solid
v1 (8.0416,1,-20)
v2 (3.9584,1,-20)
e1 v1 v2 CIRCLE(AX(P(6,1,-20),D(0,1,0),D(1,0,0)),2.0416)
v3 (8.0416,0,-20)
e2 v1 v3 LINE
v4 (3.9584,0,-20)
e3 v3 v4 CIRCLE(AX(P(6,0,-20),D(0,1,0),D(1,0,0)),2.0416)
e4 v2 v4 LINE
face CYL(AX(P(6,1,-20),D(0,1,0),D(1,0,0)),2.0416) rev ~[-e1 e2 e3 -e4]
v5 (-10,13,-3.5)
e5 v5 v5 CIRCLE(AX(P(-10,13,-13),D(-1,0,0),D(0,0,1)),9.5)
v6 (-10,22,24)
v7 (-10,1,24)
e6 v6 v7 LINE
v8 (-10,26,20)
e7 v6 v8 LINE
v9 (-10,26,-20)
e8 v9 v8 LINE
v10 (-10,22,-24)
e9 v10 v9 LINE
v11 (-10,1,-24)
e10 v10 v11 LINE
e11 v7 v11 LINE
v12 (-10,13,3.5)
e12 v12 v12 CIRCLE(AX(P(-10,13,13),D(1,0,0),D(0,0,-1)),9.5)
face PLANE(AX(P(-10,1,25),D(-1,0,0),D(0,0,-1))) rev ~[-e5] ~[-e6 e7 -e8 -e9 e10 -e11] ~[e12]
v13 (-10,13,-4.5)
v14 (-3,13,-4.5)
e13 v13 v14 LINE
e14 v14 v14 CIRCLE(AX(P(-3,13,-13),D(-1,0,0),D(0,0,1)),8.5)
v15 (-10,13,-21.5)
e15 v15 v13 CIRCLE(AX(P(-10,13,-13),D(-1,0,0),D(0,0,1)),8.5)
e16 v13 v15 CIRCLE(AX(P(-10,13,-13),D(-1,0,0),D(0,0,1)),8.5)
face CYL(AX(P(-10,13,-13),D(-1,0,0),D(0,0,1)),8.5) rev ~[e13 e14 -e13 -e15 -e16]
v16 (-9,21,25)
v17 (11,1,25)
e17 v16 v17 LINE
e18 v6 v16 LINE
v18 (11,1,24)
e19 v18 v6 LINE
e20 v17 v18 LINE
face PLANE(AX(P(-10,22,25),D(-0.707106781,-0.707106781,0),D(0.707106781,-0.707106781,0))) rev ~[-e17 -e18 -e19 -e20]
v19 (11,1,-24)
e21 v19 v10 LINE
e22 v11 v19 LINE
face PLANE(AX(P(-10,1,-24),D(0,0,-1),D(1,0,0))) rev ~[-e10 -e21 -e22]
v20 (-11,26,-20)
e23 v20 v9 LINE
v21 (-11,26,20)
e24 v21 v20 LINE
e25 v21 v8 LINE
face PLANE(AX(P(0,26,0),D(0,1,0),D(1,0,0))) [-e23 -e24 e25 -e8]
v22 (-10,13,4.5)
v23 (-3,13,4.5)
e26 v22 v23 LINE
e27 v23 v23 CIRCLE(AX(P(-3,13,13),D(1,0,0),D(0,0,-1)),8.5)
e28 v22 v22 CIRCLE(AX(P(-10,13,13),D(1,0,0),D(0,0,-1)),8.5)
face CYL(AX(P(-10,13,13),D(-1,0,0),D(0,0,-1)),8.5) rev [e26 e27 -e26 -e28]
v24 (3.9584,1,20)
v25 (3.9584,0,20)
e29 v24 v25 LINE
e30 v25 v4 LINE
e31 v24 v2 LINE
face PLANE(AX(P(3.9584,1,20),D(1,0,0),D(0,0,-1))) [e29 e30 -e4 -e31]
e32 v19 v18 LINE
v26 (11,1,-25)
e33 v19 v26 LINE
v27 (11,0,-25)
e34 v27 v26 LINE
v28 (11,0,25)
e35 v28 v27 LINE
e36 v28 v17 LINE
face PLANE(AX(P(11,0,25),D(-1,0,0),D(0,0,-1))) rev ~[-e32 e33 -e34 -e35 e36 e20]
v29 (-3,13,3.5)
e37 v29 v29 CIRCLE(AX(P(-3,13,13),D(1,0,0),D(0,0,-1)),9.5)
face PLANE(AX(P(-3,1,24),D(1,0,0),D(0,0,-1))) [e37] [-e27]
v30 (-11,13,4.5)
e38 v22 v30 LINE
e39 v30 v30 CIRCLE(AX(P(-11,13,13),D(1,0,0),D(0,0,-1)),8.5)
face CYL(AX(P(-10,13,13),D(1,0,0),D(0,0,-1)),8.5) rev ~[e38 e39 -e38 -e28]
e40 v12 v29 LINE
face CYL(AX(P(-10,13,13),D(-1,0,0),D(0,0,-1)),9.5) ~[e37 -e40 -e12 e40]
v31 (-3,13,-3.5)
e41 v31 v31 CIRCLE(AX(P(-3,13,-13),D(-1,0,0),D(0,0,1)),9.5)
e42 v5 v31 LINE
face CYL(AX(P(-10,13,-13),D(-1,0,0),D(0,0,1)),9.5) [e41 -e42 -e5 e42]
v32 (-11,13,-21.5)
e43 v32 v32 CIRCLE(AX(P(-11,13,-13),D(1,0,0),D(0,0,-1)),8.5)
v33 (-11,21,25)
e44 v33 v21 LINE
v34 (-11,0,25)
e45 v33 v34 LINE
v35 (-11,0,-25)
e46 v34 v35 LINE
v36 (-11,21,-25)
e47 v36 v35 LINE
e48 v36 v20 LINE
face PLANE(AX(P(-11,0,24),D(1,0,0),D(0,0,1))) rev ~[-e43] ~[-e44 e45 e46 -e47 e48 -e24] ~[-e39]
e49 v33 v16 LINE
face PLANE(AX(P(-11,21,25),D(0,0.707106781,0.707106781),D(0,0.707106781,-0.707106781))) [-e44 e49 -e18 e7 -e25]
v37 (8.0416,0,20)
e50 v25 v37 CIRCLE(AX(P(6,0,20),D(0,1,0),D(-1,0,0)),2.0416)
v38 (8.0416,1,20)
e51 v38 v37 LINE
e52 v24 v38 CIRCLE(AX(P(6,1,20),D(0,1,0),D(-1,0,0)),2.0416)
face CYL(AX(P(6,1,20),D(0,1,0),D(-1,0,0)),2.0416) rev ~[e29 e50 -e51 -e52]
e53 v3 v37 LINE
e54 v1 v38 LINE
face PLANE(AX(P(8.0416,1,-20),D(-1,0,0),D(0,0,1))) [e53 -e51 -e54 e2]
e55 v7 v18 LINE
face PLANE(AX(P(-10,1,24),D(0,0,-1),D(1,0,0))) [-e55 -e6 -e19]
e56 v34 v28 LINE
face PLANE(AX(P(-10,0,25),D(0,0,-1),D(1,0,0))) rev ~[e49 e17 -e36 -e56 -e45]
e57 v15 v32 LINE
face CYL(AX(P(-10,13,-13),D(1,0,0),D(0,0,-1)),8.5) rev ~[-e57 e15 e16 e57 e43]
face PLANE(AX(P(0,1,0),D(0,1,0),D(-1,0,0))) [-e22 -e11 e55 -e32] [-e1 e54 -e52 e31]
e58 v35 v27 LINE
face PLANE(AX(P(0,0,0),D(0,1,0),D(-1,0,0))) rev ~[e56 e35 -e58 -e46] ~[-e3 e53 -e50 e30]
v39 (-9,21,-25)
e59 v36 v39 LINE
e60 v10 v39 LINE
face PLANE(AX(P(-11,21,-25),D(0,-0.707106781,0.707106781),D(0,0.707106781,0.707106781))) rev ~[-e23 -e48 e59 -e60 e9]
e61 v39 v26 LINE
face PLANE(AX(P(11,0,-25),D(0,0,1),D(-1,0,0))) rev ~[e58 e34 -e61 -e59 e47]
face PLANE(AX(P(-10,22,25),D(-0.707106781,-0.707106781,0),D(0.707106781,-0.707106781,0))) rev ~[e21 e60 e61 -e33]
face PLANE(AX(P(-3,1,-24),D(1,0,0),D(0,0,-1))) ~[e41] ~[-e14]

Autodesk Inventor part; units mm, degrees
ref_plane "YZ Plane" through (0, 0, 0) normal (1, 0, 0) x (0, 1, 0)
ref_plane "XZ Plane" through (0, 0, 0) normal (0, 1, 0) x (-1, 0, 0)
ref_plane "XY Plane" through (0, 0, 0) normal (0, 0, 1) x (1, 0, 0)
sketch "Sketch1" plane through (0, 0, 0) normal (0, 1, 0) x (-1, 0, 0)
  line L0 (-11, 25) -> (-11, -25)
  line L1 (-11, -25) -> (11, -25)
  line L2 (11, -25) -> (11, 25)
  line L3 (11, 25) -> (-11, 25)
  line L4 (-11, 25) -> (11, -25) construction
  line L5 (-11, -25) -> (11, 25) construction
  line L6 (11, 25) -> (10, 25)
  line L7 (10, 25) -> (10, -25)
  line L8 (11, 25) -> (11, 24)
  line L9 (11, 24) -> (-11, 24)
  line L10 (11, -25) -> (11, -24)
  line L11 (11, -24) -> (-11, -24)
  point P0 (0, 0)
  dimension "d0" = 50
  dimension "d1" = 22
  dimension "d2" = 1
  dimension "d3" = 1
  dimension "d4" = 1
extrude "Extrusion1" add sketch "Sketch1" along normal blind 1
sketch "Sketch2" plane through (0, 1, 0) normal (0, 1, 0) x (1, 0, 0)
  line L0 (11, -25) -> (11, 25) projected
  line L1 (-11, -25) -> (11, -25) projected
  line L2 (11, -25) -> (-11, -25)
  line L3 (-11, -25) -> (-11, -24)
  line L4 (-11, 25) -> (-11, -25) projected
  line L5 (-11, -24) -> (11, -24)
  line L6 (-11, -25) -> (-10, -25)
  line L7 (-10, -25) -> (-10, 25)
  line L8 (11, 25) -> (-11, 25) projected
  line L9 (-11, 25) -> (-11, 24)
  line L10 (-11, 24) -> (11, 24)
  point P0 (0, 0)
  dimension "d7" = 1
  dimension "d8" = 1
  dimension "d9" = 1
extrude "Extrusion2" add sketch "Sketch2" along normal blind 25 contours L1 L3 L5 L7 | L5 L4 L10 L7 | L10 L4 L8 L7
extrude "Extrusion3" add sketch "Sketch2" along normal blind 25 contours L1 L7 L5 L0 | L1 L3 L5 L7 | L10 L7 L8 L0 | L10 L4 L8 L7
sketch "Sketch3" plane through (-11, 0, 25) normal (0, 0, 1) x (1, 0, 0)
  point P0 (11, 0)
sketch "Sketch4" plane through (-11, 0, -25) normal (-1, 0, 0) x (0, 0, 1)
  line L0 (49, 26) -> (1, 26) projected
  line L1 (25, 26) -> (45, 26)
  line L2 (25, 26) -> (5, 26)
  line L3 (50, 0) -> (50, 26) projected
  line L4 (50, 26) -> (50, 21)
  line L5 (50, 21) -> (45, 26)
  line L6 (0, 0) -> (0, 26) projected
  line L7 (0, 26) -> (0, 21)
  line L8 (0, 21) -> (5, 26)
  line L9 (50, 26) -> (45, 26)
  line L10 (0, 26) -> (5, 26)
  line L11 (0, 26) -> (50, 26) projected
  point P0 (25, 0)
  dimension "d14" = 20
  dimension "d15" = 20
  dimension "d16" = 5
  dimension "d17" = 5
extrude "Extrusion4" cut sketch "Sketch4" against normal blind 25
sketch "Sketch5" plane through (-11, 0, 25) normal (0, 0, 1) x (1, 0, 0)
  line L0 (1, 22) -> (1, 26) projected
  line L1 (1, 22) -> (22, 1)
  line L2 (22, 22) -> (1, 22) projected
  line L3 (1, 22) -> (22, 22)
  line L4 (22, 22) -> (22, 1)
  point P0 (11, 0)
extrude "Extrusion5" cut sketch "Sketch5" against normal through all
sketch "Sketch6" plane through (-10, 1, 24) normal (1, 0, 0) x (0, 0, -1)
  line L0 (4, 25) -> (44, 25) projected
  line L1 (24, 25) -> (24, -1) construction
  line L2 (0, 21) -> (0, 0) construction
  line L3 (0, 12) -> (48, 12) construction
  line L4 (48, 0) -> (48, 21) construction
  line L5 (24, 12) -> (20.5, 12) construction
  line L6 (20.5, 12) -> (27.5, 12) construction
  line L7 (20.5, 12) -> (1.5, 12) construction
  circle A0 centre (11, 12) radius 9.5
  circle A1 centre (11, 12) radius 8.5
  dimension "d22" = 3.5
  dimension "d23" = 7
  dimension "d24" = 19
  dimension "d25" = 1
extrude "Extrusion6" add sketch "Sketch6" along normal blind 7
extrude "Extrusion7" cut sketch "Sketch6" against normal blind 7 contours A1
ref_plane "Work Plane1" through (-11, 0, 0) normal (0, 0, 1) x (1, 0, 0)
mirror "Mirror1" about plane through (-11, 0, 0) normal (0, 0, 1) of "Extrusion6"
mirror "Mirror2" about plane through (-11, 0, 0) normal (0, 0, 1) of "Extrusion6"
sketch "Sketch7" plane through (-10, 13, -13) normal (1, 0, 0) x (0, 0, -1)
  circle A0 centre (0, 0) radius 8.5 projected
  point P0 (-13, -13)
extrude "Extrusion8" cut sketch "Sketch7" against normal blind 7
sketch "Sketch8" plane through (0, 1, 0) normal (0, 1, 0) x (1, 0, 0)
  line L0 (-10, -24) -> (11, -24) projected
  line L1 (11, -24) -> (6, -24)
  line L2 (6, -24) -> (6, -20) construction
  line L3 (11, 24) -> (-10, 24) construction
  line L4 (11, 24) -> (6, 24) construction
  line L5 (6, 24) -> (6, 20) construction
  line L6 (6, 20) -> (6, -20) construction
  line L7 (8.0416, 20) -> (8.0416, -20)
  line L8 (3.9584, -20) -> (3.9584, 20)
  arc A0 (8.0416, 20) -> (3.9584, 20) centre (6, 20) ccw
  arc A1 (3.9584, -20) -> (8.0416, -20) centre (6, -20) ccw
  point P0 (0, 0)
  point P1 (6, 0)
  dimension "d32" = 5
  dimension "d33" = 4
  dimension "d34" = 5
  dimension "d35" = 4
extrude "Extrusion9" cut sketch "Sketch8" against normal blind 7
properties part number "Ultra Sonic Sensor Mounting"
